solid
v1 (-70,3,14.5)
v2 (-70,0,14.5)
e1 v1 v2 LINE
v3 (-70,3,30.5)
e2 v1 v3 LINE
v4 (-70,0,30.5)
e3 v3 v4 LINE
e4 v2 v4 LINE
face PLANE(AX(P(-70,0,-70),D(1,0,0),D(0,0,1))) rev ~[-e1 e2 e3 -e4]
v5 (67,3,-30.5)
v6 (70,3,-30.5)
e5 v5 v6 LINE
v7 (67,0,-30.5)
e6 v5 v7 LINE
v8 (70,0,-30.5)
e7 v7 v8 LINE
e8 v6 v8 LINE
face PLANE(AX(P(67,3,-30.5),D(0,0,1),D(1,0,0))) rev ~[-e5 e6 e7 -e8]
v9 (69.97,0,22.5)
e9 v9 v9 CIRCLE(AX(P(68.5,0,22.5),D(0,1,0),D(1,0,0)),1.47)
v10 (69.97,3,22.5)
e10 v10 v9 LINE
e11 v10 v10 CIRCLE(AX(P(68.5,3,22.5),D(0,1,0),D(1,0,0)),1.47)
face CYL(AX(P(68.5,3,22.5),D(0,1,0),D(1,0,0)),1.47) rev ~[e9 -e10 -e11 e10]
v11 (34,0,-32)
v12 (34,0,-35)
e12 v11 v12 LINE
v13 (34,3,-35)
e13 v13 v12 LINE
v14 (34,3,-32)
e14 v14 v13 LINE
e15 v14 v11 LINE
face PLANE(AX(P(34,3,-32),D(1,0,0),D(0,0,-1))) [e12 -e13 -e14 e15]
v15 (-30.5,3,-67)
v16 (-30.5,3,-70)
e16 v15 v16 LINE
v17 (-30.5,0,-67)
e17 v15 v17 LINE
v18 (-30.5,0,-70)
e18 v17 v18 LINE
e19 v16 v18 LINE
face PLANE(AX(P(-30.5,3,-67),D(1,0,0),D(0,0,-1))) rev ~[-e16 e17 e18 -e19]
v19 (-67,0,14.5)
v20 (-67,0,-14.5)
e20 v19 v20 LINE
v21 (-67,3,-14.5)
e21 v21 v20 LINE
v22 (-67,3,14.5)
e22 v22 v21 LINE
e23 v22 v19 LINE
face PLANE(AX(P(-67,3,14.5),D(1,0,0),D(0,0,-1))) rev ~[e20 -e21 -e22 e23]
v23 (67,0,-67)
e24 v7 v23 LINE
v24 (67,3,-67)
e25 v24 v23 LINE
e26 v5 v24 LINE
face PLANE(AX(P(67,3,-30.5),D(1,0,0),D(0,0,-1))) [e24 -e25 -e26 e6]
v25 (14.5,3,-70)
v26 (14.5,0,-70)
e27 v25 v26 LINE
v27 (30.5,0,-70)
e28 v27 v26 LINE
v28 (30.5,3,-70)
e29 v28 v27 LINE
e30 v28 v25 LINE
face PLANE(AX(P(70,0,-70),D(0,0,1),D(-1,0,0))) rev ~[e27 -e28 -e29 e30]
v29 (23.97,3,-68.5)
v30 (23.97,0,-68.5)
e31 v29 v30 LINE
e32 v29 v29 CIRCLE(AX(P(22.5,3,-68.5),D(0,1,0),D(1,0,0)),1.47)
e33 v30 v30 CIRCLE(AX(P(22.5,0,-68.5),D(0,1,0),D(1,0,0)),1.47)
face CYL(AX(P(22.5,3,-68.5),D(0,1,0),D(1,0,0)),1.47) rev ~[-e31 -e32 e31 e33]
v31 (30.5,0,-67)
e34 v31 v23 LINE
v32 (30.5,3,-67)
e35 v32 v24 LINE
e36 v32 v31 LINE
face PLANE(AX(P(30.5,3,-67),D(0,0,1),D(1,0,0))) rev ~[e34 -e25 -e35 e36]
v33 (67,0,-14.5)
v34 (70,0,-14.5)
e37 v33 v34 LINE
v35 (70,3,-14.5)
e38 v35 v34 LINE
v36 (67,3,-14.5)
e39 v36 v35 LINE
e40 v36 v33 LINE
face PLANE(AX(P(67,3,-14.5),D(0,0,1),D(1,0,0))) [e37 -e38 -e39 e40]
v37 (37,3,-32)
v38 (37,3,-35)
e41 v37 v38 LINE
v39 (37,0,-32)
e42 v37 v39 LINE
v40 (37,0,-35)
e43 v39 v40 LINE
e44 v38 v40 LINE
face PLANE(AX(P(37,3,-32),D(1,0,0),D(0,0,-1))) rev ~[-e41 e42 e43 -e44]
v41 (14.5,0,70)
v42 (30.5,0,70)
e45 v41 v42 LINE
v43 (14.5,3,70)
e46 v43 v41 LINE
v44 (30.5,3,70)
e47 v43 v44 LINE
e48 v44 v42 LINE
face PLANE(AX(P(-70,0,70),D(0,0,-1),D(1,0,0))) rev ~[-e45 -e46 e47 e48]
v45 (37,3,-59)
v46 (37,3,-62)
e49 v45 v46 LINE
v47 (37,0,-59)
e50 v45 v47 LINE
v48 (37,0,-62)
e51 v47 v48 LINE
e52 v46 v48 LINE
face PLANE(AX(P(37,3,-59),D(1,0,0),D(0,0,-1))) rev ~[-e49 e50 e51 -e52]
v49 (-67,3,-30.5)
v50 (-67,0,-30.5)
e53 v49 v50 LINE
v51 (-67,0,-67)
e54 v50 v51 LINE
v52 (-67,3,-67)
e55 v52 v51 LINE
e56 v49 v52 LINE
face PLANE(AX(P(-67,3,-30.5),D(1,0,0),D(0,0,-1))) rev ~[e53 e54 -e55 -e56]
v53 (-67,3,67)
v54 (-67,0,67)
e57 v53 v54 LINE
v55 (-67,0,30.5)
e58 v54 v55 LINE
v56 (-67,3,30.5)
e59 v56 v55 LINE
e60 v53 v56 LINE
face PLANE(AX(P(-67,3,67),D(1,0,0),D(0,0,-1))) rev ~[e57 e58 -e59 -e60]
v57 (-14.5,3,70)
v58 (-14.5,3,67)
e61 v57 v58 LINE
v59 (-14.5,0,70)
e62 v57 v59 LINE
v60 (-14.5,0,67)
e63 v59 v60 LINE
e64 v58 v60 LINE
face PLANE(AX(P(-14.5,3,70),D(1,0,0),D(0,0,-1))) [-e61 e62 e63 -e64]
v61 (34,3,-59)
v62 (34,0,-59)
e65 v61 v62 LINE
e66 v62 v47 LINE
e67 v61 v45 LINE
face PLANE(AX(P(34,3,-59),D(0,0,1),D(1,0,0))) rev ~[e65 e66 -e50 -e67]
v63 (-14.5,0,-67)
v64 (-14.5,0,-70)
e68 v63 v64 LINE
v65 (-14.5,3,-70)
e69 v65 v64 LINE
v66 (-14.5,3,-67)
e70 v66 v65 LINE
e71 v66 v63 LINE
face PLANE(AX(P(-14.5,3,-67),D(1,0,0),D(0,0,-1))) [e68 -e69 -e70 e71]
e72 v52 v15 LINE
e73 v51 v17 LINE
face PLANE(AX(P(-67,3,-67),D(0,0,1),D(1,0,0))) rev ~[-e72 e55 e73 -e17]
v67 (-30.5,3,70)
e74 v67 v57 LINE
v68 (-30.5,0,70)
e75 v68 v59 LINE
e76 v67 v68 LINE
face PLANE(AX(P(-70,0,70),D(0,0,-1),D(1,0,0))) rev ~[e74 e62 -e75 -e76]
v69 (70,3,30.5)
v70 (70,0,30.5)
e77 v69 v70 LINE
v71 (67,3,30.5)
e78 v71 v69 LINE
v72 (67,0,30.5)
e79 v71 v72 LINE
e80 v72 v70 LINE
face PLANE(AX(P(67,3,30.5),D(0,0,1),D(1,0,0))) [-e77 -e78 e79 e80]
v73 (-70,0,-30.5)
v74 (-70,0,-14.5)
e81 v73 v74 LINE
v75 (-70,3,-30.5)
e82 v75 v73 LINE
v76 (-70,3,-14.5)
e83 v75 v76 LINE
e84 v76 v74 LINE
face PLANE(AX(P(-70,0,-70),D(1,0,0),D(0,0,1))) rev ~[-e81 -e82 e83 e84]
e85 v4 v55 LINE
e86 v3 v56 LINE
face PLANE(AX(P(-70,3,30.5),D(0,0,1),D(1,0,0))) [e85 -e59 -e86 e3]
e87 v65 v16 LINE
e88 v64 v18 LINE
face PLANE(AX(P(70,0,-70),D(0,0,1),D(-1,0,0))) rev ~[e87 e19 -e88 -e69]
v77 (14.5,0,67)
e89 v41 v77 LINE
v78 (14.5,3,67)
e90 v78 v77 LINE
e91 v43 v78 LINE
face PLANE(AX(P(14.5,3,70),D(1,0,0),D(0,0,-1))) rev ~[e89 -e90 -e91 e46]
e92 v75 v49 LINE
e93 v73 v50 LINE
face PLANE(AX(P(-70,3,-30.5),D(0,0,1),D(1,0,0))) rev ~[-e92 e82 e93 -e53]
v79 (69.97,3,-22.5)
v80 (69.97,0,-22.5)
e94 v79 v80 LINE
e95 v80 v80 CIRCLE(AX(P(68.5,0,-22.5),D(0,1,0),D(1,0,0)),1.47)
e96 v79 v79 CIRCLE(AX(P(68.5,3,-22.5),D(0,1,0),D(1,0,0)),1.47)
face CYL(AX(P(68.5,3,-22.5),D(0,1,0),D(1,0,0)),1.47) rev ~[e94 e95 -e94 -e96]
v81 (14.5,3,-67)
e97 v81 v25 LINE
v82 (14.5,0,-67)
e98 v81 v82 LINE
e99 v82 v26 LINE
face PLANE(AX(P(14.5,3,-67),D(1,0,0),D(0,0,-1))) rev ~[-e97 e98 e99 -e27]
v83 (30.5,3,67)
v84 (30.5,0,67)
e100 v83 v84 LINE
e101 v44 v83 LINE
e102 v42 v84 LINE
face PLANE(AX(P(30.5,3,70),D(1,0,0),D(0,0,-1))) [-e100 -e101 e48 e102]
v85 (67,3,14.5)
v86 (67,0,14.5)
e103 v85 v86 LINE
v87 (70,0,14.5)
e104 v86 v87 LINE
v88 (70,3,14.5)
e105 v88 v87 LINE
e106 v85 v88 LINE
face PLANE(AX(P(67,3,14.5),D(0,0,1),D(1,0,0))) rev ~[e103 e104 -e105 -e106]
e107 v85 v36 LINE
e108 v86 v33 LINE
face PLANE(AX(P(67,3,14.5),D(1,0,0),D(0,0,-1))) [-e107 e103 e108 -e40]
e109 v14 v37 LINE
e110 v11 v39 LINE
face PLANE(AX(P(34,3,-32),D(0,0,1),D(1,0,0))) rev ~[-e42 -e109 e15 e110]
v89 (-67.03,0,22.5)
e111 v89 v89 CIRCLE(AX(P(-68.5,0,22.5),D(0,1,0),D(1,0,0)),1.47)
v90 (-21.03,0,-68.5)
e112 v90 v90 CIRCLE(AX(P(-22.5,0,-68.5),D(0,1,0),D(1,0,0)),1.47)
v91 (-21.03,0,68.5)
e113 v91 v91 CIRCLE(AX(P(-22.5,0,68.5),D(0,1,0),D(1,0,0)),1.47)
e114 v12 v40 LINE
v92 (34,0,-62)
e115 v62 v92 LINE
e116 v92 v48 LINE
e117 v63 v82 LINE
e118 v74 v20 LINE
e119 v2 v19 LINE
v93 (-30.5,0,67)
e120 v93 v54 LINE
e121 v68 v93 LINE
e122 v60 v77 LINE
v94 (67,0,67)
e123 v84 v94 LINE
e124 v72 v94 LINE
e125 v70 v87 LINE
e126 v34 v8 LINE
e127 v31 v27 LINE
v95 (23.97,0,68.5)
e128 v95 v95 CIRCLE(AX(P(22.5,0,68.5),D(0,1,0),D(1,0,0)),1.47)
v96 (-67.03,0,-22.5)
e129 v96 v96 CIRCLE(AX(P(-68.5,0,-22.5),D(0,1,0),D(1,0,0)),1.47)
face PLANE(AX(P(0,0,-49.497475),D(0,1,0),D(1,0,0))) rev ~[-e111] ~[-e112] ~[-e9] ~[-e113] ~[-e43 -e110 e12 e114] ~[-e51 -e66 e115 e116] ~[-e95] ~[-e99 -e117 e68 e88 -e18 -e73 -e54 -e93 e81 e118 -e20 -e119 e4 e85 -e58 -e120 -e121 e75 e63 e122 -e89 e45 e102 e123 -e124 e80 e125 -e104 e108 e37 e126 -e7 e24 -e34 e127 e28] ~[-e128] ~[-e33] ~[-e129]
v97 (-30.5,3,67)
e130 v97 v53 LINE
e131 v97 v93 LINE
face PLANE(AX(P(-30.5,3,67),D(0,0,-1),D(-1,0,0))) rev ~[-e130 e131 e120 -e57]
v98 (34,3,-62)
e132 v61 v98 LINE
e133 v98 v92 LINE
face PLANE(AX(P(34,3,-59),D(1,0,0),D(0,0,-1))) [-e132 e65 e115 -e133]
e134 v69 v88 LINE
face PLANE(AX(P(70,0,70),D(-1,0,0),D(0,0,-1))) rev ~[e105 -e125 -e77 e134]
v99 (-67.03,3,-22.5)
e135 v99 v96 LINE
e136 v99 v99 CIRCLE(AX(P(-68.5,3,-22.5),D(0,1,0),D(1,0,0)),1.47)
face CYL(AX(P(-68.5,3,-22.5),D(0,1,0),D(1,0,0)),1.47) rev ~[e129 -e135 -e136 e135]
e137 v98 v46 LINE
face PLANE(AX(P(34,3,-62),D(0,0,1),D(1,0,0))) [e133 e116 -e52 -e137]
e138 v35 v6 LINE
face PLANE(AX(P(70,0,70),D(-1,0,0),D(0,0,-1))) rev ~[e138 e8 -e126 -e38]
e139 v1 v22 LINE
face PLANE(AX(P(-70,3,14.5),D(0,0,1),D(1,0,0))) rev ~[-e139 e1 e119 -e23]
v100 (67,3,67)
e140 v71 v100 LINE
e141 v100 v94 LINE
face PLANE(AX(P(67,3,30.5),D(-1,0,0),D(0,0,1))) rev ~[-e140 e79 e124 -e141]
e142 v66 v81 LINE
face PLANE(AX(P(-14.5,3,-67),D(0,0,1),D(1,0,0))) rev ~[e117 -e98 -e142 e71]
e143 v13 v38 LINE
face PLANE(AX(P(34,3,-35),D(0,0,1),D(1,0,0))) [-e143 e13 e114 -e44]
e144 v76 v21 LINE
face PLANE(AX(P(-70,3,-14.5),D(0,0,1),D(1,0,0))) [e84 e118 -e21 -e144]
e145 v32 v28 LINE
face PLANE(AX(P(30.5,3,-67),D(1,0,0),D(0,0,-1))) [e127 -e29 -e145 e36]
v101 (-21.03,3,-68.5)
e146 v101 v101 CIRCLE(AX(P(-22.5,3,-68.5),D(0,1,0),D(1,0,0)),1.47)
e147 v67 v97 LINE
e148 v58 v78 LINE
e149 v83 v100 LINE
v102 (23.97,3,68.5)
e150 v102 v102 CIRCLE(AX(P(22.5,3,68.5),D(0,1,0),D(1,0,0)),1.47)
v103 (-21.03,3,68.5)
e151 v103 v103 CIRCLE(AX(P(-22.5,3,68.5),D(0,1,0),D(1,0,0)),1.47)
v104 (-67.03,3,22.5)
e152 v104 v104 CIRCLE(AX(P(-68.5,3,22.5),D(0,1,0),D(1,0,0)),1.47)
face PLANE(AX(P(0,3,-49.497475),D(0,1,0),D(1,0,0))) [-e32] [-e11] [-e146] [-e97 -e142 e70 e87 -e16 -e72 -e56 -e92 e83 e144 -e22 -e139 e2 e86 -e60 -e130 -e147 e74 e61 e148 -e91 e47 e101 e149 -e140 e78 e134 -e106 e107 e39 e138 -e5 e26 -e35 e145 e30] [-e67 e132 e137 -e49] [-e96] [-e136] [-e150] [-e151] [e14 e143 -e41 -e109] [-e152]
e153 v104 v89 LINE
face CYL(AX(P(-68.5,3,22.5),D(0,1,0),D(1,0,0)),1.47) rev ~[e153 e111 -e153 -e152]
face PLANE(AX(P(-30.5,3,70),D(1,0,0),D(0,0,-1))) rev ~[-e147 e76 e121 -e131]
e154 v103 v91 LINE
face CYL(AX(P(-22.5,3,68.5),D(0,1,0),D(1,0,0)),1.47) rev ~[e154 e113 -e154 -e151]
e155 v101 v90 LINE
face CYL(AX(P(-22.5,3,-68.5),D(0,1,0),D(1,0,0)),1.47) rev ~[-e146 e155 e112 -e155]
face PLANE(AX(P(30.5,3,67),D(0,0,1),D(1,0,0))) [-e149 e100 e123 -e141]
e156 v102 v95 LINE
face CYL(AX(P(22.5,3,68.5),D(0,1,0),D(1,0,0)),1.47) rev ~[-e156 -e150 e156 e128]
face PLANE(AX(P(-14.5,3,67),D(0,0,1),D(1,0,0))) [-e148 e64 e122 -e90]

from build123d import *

# Parameters (mm, degrees)
BOSS_EXTRUDE1_DEPTH = 3
SKETCH2_W           = 3
SKETCH2_H           = 3
SKETCH2_H_2         = 36.5
SKETCH2_W_2         = 36.5
SKETCH2_W_3         = 29
SKETCH2_H_3         = 29
CUT_EXTRUDE2_DEPTH  = 3
SKETCH3_R           = 1.47
CUT_EXTRUDE3_DEPTH  = 3
SKETCH4_W           = 3
SKETCH4_H           = 3
CUT_EXTRUDE4_DEPTH  = 3


with BuildPart() as part:
    # Sketch1 → Boss-Extrude1 (new body)
    with BuildSketch(Plane(origin=(0, 0, 0), x_dir=(1, 0, 0), z_dir=(0, 1, 0))):
        Polygon((70, 70), (-70, 70), (0, 0), align=None)
        Polygon((0, 0), (-70, 70), (-70, -70), align=None)
        Polygon((70, -70), (0, 0), (-70, -70), align=None)
        Polygon((70, 70), (0, 0), (70, -70), align=None)
    extrude(amount=BOSS_EXTRUDE1_DEPTH)

    # Sketch2 → Cut-Extrude2 (cut)
    with BuildSketch(Plane(origin=(0, 3, 0), x_dir=(1, 0, 0), z_dir=(0, 1, 0))):
        with Locations((-68.5, 68.5)):
            Rectangle(SKETCH2_W, SKETCH2_H)
        with Locations((-68.5, 48.75)):
            Rectangle(SKETCH2_W, SKETCH2_H_2)
        with Locations((-48.75, 68.5)):
            Rectangle(SKETCH2_W_2, SKETCH2_H)
        with Locations((48.75, 68.5)):
            Rectangle(SKETCH2_W_2, SKETCH2_H)
        with Locations((68.5, 68.5)):
            Rectangle(SKETCH2_W, SKETCH2_H)
        with Locations((68.5, 48.75)):
            Rectangle(SKETCH2_W, SKETCH2_H_2)
        with Locations((68.5, -68.5)):
            Rectangle(SKETCH2_W, SKETCH2_H)
        with Locations((68.5, -48.75)):
            Rectangle(SKETCH2_W, SKETCH2_H_2)
        with Locations((48.75, -68.5)):
            Rectangle(SKETCH2_W_2, SKETCH2_H)
        with Locations((-48.75, -68.5)):
            Rectangle(SKETCH2_W_2, SKETCH2_H)
        with Locations((-68.5, -68.5)):
            Rectangle(SKETCH2_W, SKETCH2_H)
        with Locations((-68.5, -48.75)):
            Rectangle(SKETCH2_W, SKETCH2_H_2)
        with Locations((0, 68.5)):
            Rectangle(SKETCH2_W_3, SKETCH2_H)
        with Locations((0, -68.5)):
            Rectangle(SKETCH2_W_3, SKETCH2_H)
        with Locations((68.5, 0)):
            Rectangle(SKETCH2_W, SKETCH2_H_3)
        with Locations((-68.5, 0)):
            Rectangle(SKETCH2_W, SKETCH2_H_3)
    extrude(amount=-CUT_EXTRUDE2_DEPTH, mode=Mode.SUBTRACT)

    # Sketch3 → Cut-Extrude3 (cut)
    with BuildSketch(Plane(origin=(0, 3, 0), x_dir=(1, 0, 0), z_dir=(0, 1, 0))):
        with Locations((-22.5, 68.5)):
            Circle(SKETCH3_R)
        with Locations((22.5, 68.5)):
            Circle(SKETCH3_R)
        with Locations((22.5, -68.5)):
            Circle(SKETCH3_R)
        with Locations((-22.5, -68.5)):
            Circle(SKETCH3_R)
        with Locations((-68.5, 22.5)):
            Circle(SKETCH3_R)
        with Locations((-68.5, -22.5)):
            Circle(SKETCH3_R)
        with Locations((68.5, -22.5)):
            Circle(SKETCH3_R)
        with Locations((68.5, 22.5)):
            Circle(SKETCH3_R)
    extrude(amount=-CUT_EXTRUDE3_DEPTH, mode=Mode.SUBTRACT)

    # Sketch4 → Cut-Extrude4 (cut)
    with BuildSketch(Plane(origin=(0, 3, 0), x_dir=(1, 0, 0), z_dir=(0, 1, 0))):
        with Locations((35.5, 60.5)):
            Rectangle(SKETCH4_W, SKETCH4_H)
        with Locations((35.5, 33.5)):
            Rectangle(SKETCH4_W, SKETCH4_H)
    extrude(amount=-CUT_EXTRUDE4_DEPTH, mode=Mode.SUBTRACT)


solid = part.part
